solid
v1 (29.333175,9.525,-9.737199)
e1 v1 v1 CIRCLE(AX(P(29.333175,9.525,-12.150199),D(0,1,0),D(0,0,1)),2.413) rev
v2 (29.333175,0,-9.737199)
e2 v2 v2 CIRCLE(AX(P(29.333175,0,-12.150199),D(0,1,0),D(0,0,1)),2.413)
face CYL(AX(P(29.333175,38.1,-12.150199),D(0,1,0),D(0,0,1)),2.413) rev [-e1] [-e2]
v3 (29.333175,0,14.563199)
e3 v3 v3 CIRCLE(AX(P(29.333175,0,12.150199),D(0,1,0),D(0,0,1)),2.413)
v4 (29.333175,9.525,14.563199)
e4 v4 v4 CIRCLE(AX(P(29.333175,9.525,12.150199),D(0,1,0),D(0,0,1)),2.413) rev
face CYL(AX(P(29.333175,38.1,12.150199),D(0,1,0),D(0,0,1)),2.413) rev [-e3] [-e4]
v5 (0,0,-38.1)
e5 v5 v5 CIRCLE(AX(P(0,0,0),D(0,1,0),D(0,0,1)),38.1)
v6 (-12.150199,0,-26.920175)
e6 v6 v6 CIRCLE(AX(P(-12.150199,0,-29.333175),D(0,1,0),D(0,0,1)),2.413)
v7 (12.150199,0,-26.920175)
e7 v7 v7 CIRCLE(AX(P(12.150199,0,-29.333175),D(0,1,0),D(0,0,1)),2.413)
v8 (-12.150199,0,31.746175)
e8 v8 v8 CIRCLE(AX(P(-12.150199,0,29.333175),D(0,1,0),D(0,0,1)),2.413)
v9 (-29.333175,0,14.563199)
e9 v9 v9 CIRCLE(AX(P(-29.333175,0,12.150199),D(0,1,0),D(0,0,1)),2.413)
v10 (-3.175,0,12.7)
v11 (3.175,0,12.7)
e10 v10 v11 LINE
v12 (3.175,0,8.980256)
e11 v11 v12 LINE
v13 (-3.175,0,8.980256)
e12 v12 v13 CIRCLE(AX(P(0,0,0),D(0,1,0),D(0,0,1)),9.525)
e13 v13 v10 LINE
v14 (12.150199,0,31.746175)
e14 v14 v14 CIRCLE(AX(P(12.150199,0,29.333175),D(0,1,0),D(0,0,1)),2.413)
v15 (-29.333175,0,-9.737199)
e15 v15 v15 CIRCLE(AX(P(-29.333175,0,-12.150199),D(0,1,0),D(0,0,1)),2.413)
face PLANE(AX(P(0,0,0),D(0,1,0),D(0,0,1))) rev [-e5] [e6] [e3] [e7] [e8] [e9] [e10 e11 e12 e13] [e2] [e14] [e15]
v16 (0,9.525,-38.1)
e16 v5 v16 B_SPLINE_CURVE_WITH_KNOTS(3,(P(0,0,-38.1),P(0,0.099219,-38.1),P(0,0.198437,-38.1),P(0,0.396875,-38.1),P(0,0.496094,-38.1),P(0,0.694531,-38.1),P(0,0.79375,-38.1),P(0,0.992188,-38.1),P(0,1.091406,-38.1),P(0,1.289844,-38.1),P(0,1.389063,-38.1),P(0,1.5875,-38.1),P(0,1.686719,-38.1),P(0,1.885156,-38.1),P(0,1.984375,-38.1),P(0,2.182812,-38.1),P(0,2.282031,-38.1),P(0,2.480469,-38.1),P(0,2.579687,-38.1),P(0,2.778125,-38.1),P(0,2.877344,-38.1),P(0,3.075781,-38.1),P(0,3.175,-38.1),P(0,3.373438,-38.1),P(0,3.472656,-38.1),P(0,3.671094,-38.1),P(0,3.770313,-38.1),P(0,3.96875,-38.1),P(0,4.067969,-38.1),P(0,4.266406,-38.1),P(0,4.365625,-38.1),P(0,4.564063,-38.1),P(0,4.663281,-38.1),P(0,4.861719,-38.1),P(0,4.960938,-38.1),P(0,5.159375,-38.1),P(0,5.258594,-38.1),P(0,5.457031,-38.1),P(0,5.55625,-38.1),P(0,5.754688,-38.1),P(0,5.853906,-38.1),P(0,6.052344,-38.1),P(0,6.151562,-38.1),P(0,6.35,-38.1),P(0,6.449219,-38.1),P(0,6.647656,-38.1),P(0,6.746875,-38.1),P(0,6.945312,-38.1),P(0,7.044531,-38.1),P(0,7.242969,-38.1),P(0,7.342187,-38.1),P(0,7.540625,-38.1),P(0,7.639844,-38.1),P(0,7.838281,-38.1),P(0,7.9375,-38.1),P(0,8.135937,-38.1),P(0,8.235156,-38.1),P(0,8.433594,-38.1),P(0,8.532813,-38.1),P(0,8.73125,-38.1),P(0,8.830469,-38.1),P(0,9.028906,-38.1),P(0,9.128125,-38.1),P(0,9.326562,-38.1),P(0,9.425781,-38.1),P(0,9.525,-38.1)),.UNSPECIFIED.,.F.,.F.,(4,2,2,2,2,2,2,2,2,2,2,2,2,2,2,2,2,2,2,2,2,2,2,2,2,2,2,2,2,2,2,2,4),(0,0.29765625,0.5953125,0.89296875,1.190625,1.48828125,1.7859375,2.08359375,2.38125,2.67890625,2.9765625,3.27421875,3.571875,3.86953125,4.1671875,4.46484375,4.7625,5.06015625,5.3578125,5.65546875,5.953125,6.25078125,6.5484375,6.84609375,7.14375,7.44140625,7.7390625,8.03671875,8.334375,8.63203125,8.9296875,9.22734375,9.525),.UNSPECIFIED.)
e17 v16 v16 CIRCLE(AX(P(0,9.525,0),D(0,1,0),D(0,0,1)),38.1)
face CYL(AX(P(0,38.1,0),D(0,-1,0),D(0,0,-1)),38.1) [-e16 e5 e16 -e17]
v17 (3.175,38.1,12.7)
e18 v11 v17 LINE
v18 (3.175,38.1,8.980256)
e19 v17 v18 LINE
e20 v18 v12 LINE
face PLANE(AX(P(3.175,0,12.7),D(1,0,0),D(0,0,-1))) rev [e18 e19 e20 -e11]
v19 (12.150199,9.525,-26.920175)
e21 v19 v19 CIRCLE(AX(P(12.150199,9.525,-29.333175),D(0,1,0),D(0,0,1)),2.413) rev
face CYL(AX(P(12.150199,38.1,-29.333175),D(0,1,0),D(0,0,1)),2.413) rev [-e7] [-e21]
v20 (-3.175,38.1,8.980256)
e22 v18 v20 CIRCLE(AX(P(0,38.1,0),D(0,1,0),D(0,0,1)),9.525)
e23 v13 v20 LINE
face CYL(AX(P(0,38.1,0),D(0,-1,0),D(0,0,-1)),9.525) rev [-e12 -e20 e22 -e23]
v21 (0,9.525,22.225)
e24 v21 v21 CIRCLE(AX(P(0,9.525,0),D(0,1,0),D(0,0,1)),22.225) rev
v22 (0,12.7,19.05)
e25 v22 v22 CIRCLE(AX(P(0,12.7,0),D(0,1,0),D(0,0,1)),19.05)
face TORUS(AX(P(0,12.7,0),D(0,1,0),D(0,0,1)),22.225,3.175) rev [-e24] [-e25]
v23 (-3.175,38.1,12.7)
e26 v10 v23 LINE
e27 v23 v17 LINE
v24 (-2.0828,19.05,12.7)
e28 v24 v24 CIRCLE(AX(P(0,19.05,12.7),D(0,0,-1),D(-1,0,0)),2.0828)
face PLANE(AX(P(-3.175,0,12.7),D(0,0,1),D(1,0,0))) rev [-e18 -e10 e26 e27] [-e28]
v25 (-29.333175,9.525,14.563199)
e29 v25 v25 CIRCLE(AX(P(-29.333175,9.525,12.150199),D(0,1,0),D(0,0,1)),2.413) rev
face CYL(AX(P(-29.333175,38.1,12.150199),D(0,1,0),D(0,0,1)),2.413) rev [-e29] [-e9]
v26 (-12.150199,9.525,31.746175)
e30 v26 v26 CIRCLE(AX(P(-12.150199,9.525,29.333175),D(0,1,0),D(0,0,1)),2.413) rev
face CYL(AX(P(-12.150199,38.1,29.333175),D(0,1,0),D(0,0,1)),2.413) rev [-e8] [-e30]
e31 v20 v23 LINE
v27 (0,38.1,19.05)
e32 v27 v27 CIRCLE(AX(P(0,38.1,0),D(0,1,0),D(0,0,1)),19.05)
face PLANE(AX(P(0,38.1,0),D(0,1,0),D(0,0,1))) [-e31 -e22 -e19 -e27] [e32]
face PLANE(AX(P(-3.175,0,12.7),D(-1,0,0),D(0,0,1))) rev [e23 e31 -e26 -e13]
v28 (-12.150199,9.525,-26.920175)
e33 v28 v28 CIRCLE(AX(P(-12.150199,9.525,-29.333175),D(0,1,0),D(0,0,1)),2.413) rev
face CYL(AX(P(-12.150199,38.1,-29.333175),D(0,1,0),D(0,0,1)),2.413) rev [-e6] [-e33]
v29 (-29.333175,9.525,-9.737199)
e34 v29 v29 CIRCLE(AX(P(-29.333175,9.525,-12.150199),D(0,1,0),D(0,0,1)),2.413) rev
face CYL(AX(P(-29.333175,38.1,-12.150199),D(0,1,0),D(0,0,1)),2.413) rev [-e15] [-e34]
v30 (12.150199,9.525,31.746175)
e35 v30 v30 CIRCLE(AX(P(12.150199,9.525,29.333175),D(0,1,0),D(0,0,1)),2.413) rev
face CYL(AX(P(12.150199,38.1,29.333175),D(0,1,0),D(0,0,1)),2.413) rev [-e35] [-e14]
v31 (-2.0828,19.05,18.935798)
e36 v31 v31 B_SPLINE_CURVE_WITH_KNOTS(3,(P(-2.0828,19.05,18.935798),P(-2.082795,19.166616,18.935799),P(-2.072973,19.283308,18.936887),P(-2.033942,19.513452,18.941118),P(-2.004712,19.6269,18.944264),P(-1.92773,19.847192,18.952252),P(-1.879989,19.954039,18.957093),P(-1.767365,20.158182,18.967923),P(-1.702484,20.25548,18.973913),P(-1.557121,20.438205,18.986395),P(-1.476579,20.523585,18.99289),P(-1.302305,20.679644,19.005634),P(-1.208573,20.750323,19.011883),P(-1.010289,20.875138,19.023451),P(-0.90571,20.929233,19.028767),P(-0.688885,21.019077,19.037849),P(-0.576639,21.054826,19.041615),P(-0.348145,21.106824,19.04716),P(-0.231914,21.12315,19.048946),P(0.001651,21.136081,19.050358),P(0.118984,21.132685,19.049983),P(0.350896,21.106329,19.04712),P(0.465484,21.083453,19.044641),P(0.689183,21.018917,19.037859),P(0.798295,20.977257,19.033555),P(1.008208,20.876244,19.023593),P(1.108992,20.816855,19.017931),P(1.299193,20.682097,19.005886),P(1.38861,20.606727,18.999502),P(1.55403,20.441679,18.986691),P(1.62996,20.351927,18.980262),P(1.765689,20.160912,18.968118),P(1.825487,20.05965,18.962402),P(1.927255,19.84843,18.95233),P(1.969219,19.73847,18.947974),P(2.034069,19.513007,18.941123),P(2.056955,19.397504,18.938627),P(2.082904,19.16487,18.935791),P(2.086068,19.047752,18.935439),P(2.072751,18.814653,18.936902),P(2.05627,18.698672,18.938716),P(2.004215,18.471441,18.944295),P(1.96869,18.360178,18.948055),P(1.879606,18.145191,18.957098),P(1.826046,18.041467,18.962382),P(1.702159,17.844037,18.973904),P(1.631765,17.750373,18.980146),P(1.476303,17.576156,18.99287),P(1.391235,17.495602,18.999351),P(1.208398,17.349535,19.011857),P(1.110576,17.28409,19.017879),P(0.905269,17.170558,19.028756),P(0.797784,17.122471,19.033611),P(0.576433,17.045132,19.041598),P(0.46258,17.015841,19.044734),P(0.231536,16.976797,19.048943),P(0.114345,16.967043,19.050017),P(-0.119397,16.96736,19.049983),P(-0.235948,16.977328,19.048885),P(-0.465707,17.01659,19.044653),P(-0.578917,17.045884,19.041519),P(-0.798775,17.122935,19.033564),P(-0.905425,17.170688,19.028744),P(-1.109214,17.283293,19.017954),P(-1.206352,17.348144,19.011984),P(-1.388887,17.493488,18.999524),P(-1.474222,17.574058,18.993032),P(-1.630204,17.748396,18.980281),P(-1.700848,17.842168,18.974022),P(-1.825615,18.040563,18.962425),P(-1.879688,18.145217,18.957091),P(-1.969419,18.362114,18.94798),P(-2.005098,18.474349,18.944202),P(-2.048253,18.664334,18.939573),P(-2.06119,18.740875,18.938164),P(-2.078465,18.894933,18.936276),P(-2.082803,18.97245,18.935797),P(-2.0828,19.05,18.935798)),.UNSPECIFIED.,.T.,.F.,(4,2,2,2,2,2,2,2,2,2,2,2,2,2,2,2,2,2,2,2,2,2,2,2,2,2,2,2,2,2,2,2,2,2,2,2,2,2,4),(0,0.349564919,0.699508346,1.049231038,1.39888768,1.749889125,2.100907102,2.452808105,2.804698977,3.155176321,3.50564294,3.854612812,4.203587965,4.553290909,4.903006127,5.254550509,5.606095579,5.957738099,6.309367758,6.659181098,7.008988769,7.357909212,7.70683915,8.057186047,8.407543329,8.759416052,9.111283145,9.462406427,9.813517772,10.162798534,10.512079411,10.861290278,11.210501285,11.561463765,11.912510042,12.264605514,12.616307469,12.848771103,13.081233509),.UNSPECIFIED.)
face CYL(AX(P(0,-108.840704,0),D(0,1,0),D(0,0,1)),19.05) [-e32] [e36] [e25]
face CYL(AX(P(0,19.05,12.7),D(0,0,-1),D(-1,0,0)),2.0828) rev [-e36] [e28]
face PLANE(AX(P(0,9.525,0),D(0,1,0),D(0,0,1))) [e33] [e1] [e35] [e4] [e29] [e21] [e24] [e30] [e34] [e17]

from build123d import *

# Parameters (mm, degrees)
SKETCH1_R              = 38.1
SKETCH1_R_2            = 9.525
BOSS_EXTRUDE1_DEPTH    = 38.1
F_10_32_TAPPED_HOLE1_D = 4.826
CIRPATTERN1_COUNT      = 8
SKETCH4_W              = 6.35
SKETCH4_H              = 6.35
CUT_EXTRUDE1_DEPTH     = 66.991135768
SKETCH5_W              = 2.0828
SKETCH5_H              = 25.4
SKETCH7_OUTSIDE_W      = 101.06
SKETCH7_OUTSIDE_H      = 101.06
SKETCH7_OUTSIDE_R      = 19.05
CUT_EXTRUDE2_DEPTH     = 28.575
FILLET1_R              = 3.175


with BuildPart() as part:
    # Sketch1 → Boss-Extrude1 (new body)
    with BuildSketch(Plane(origin=(0, 0, 0), x_dir=(1, 0, 0), z_dir=(0, 1, 0))):
        with Locations(Location((0, 0, 0), (0, 0, 90))):
            Circle(SKETCH1_R)
        with Locations(Location((0, 0, 0), (0, 0, 90))):
            Circle(SKETCH1_R_2, mode=Mode.SUBTRACT)
    extrude(amount=BOSS_EXTRUDE1_DEPTH)

    # #10-32 Tapped Hole1 (through all)
    with Locations(Plane(origin=(0, 38.1, 0), x_dir=(-1, 0, 0), z_dir=(0, 1, 0))):
        with Locations((29.333175157, -12.150198978)):
            f_10_32_tapped_hole1 = Hole(F_10_32_TAPPED_HOLE1_D / 2)

    # CirPattern1: #10-32 Tapped Hole1 ×8 about axis
    cirpattern1_axis = Axis((0, 0, 0), (0, 1, 0))
    for i in range(1, CIRPATTERN1_COUNT):
        add(f_10_32_tapped_hole1.rotate(cirpattern1_axis, i * 360 / CIRPATTERN1_COUNT), mode=Mode.SUBTRACT)

    # Sketch4 → Cut-Extrude1 (cut, through all)
    with BuildSketch(Plane(origin=(0, 38.1, 0), x_dir=(1, 0, 0), z_dir=(0, 1, 0))):
        with Locations((0, -9.525)):
            Rectangle(SKETCH4_W, SKETCH4_H)
    extrude(amount=-CUT_EXTRUDE1_DEPTH, mode=Mode.SUBTRACT)

    # Sketch5 → #8-32 Tapped Hole1 (revolve, cut)
    with BuildSketch(Plane(origin=(0, 19.05, 12.7), x_dir=(0, 1, 0), z_dir=(1, 0, 0))):
        with Locations((1.0414, 12.7)):
            Rectangle(SKETCH5_W, SKETCH5_H)
    revolve(axis=Axis((0, 19.05, 6.35), (0, 0, 1)), mode=Mode.SUBTRACT)

    # Sketch7 outside → Cut-Extrude2 (cut)
    with BuildSketch(Plane(origin=(0, 38.1, 0), x_dir=(1, 0, 0), z_dir=(0, 1, 0))):
        Rectangle(SKETCH7_OUTSIDE_W, SKETCH7_OUTSIDE_H)
        with Locations(Location((0, 0, 0), (0, 0, 270))):
            Circle(SKETCH7_OUTSIDE_R, mode=Mode.SUBTRACT)
    extrude(amount=-CUT_EXTRUDE2_DEPTH, mode=Mode.SUBTRACT)

    # Fillet1
    fillet1_edges = [part.edges().sort_by_distance(p)[0] for p in [
        (0, 9.525, -19.05),
    ]]
    fillet(fillet1_edges, radius=FILLET1_R)


solid = part.part
